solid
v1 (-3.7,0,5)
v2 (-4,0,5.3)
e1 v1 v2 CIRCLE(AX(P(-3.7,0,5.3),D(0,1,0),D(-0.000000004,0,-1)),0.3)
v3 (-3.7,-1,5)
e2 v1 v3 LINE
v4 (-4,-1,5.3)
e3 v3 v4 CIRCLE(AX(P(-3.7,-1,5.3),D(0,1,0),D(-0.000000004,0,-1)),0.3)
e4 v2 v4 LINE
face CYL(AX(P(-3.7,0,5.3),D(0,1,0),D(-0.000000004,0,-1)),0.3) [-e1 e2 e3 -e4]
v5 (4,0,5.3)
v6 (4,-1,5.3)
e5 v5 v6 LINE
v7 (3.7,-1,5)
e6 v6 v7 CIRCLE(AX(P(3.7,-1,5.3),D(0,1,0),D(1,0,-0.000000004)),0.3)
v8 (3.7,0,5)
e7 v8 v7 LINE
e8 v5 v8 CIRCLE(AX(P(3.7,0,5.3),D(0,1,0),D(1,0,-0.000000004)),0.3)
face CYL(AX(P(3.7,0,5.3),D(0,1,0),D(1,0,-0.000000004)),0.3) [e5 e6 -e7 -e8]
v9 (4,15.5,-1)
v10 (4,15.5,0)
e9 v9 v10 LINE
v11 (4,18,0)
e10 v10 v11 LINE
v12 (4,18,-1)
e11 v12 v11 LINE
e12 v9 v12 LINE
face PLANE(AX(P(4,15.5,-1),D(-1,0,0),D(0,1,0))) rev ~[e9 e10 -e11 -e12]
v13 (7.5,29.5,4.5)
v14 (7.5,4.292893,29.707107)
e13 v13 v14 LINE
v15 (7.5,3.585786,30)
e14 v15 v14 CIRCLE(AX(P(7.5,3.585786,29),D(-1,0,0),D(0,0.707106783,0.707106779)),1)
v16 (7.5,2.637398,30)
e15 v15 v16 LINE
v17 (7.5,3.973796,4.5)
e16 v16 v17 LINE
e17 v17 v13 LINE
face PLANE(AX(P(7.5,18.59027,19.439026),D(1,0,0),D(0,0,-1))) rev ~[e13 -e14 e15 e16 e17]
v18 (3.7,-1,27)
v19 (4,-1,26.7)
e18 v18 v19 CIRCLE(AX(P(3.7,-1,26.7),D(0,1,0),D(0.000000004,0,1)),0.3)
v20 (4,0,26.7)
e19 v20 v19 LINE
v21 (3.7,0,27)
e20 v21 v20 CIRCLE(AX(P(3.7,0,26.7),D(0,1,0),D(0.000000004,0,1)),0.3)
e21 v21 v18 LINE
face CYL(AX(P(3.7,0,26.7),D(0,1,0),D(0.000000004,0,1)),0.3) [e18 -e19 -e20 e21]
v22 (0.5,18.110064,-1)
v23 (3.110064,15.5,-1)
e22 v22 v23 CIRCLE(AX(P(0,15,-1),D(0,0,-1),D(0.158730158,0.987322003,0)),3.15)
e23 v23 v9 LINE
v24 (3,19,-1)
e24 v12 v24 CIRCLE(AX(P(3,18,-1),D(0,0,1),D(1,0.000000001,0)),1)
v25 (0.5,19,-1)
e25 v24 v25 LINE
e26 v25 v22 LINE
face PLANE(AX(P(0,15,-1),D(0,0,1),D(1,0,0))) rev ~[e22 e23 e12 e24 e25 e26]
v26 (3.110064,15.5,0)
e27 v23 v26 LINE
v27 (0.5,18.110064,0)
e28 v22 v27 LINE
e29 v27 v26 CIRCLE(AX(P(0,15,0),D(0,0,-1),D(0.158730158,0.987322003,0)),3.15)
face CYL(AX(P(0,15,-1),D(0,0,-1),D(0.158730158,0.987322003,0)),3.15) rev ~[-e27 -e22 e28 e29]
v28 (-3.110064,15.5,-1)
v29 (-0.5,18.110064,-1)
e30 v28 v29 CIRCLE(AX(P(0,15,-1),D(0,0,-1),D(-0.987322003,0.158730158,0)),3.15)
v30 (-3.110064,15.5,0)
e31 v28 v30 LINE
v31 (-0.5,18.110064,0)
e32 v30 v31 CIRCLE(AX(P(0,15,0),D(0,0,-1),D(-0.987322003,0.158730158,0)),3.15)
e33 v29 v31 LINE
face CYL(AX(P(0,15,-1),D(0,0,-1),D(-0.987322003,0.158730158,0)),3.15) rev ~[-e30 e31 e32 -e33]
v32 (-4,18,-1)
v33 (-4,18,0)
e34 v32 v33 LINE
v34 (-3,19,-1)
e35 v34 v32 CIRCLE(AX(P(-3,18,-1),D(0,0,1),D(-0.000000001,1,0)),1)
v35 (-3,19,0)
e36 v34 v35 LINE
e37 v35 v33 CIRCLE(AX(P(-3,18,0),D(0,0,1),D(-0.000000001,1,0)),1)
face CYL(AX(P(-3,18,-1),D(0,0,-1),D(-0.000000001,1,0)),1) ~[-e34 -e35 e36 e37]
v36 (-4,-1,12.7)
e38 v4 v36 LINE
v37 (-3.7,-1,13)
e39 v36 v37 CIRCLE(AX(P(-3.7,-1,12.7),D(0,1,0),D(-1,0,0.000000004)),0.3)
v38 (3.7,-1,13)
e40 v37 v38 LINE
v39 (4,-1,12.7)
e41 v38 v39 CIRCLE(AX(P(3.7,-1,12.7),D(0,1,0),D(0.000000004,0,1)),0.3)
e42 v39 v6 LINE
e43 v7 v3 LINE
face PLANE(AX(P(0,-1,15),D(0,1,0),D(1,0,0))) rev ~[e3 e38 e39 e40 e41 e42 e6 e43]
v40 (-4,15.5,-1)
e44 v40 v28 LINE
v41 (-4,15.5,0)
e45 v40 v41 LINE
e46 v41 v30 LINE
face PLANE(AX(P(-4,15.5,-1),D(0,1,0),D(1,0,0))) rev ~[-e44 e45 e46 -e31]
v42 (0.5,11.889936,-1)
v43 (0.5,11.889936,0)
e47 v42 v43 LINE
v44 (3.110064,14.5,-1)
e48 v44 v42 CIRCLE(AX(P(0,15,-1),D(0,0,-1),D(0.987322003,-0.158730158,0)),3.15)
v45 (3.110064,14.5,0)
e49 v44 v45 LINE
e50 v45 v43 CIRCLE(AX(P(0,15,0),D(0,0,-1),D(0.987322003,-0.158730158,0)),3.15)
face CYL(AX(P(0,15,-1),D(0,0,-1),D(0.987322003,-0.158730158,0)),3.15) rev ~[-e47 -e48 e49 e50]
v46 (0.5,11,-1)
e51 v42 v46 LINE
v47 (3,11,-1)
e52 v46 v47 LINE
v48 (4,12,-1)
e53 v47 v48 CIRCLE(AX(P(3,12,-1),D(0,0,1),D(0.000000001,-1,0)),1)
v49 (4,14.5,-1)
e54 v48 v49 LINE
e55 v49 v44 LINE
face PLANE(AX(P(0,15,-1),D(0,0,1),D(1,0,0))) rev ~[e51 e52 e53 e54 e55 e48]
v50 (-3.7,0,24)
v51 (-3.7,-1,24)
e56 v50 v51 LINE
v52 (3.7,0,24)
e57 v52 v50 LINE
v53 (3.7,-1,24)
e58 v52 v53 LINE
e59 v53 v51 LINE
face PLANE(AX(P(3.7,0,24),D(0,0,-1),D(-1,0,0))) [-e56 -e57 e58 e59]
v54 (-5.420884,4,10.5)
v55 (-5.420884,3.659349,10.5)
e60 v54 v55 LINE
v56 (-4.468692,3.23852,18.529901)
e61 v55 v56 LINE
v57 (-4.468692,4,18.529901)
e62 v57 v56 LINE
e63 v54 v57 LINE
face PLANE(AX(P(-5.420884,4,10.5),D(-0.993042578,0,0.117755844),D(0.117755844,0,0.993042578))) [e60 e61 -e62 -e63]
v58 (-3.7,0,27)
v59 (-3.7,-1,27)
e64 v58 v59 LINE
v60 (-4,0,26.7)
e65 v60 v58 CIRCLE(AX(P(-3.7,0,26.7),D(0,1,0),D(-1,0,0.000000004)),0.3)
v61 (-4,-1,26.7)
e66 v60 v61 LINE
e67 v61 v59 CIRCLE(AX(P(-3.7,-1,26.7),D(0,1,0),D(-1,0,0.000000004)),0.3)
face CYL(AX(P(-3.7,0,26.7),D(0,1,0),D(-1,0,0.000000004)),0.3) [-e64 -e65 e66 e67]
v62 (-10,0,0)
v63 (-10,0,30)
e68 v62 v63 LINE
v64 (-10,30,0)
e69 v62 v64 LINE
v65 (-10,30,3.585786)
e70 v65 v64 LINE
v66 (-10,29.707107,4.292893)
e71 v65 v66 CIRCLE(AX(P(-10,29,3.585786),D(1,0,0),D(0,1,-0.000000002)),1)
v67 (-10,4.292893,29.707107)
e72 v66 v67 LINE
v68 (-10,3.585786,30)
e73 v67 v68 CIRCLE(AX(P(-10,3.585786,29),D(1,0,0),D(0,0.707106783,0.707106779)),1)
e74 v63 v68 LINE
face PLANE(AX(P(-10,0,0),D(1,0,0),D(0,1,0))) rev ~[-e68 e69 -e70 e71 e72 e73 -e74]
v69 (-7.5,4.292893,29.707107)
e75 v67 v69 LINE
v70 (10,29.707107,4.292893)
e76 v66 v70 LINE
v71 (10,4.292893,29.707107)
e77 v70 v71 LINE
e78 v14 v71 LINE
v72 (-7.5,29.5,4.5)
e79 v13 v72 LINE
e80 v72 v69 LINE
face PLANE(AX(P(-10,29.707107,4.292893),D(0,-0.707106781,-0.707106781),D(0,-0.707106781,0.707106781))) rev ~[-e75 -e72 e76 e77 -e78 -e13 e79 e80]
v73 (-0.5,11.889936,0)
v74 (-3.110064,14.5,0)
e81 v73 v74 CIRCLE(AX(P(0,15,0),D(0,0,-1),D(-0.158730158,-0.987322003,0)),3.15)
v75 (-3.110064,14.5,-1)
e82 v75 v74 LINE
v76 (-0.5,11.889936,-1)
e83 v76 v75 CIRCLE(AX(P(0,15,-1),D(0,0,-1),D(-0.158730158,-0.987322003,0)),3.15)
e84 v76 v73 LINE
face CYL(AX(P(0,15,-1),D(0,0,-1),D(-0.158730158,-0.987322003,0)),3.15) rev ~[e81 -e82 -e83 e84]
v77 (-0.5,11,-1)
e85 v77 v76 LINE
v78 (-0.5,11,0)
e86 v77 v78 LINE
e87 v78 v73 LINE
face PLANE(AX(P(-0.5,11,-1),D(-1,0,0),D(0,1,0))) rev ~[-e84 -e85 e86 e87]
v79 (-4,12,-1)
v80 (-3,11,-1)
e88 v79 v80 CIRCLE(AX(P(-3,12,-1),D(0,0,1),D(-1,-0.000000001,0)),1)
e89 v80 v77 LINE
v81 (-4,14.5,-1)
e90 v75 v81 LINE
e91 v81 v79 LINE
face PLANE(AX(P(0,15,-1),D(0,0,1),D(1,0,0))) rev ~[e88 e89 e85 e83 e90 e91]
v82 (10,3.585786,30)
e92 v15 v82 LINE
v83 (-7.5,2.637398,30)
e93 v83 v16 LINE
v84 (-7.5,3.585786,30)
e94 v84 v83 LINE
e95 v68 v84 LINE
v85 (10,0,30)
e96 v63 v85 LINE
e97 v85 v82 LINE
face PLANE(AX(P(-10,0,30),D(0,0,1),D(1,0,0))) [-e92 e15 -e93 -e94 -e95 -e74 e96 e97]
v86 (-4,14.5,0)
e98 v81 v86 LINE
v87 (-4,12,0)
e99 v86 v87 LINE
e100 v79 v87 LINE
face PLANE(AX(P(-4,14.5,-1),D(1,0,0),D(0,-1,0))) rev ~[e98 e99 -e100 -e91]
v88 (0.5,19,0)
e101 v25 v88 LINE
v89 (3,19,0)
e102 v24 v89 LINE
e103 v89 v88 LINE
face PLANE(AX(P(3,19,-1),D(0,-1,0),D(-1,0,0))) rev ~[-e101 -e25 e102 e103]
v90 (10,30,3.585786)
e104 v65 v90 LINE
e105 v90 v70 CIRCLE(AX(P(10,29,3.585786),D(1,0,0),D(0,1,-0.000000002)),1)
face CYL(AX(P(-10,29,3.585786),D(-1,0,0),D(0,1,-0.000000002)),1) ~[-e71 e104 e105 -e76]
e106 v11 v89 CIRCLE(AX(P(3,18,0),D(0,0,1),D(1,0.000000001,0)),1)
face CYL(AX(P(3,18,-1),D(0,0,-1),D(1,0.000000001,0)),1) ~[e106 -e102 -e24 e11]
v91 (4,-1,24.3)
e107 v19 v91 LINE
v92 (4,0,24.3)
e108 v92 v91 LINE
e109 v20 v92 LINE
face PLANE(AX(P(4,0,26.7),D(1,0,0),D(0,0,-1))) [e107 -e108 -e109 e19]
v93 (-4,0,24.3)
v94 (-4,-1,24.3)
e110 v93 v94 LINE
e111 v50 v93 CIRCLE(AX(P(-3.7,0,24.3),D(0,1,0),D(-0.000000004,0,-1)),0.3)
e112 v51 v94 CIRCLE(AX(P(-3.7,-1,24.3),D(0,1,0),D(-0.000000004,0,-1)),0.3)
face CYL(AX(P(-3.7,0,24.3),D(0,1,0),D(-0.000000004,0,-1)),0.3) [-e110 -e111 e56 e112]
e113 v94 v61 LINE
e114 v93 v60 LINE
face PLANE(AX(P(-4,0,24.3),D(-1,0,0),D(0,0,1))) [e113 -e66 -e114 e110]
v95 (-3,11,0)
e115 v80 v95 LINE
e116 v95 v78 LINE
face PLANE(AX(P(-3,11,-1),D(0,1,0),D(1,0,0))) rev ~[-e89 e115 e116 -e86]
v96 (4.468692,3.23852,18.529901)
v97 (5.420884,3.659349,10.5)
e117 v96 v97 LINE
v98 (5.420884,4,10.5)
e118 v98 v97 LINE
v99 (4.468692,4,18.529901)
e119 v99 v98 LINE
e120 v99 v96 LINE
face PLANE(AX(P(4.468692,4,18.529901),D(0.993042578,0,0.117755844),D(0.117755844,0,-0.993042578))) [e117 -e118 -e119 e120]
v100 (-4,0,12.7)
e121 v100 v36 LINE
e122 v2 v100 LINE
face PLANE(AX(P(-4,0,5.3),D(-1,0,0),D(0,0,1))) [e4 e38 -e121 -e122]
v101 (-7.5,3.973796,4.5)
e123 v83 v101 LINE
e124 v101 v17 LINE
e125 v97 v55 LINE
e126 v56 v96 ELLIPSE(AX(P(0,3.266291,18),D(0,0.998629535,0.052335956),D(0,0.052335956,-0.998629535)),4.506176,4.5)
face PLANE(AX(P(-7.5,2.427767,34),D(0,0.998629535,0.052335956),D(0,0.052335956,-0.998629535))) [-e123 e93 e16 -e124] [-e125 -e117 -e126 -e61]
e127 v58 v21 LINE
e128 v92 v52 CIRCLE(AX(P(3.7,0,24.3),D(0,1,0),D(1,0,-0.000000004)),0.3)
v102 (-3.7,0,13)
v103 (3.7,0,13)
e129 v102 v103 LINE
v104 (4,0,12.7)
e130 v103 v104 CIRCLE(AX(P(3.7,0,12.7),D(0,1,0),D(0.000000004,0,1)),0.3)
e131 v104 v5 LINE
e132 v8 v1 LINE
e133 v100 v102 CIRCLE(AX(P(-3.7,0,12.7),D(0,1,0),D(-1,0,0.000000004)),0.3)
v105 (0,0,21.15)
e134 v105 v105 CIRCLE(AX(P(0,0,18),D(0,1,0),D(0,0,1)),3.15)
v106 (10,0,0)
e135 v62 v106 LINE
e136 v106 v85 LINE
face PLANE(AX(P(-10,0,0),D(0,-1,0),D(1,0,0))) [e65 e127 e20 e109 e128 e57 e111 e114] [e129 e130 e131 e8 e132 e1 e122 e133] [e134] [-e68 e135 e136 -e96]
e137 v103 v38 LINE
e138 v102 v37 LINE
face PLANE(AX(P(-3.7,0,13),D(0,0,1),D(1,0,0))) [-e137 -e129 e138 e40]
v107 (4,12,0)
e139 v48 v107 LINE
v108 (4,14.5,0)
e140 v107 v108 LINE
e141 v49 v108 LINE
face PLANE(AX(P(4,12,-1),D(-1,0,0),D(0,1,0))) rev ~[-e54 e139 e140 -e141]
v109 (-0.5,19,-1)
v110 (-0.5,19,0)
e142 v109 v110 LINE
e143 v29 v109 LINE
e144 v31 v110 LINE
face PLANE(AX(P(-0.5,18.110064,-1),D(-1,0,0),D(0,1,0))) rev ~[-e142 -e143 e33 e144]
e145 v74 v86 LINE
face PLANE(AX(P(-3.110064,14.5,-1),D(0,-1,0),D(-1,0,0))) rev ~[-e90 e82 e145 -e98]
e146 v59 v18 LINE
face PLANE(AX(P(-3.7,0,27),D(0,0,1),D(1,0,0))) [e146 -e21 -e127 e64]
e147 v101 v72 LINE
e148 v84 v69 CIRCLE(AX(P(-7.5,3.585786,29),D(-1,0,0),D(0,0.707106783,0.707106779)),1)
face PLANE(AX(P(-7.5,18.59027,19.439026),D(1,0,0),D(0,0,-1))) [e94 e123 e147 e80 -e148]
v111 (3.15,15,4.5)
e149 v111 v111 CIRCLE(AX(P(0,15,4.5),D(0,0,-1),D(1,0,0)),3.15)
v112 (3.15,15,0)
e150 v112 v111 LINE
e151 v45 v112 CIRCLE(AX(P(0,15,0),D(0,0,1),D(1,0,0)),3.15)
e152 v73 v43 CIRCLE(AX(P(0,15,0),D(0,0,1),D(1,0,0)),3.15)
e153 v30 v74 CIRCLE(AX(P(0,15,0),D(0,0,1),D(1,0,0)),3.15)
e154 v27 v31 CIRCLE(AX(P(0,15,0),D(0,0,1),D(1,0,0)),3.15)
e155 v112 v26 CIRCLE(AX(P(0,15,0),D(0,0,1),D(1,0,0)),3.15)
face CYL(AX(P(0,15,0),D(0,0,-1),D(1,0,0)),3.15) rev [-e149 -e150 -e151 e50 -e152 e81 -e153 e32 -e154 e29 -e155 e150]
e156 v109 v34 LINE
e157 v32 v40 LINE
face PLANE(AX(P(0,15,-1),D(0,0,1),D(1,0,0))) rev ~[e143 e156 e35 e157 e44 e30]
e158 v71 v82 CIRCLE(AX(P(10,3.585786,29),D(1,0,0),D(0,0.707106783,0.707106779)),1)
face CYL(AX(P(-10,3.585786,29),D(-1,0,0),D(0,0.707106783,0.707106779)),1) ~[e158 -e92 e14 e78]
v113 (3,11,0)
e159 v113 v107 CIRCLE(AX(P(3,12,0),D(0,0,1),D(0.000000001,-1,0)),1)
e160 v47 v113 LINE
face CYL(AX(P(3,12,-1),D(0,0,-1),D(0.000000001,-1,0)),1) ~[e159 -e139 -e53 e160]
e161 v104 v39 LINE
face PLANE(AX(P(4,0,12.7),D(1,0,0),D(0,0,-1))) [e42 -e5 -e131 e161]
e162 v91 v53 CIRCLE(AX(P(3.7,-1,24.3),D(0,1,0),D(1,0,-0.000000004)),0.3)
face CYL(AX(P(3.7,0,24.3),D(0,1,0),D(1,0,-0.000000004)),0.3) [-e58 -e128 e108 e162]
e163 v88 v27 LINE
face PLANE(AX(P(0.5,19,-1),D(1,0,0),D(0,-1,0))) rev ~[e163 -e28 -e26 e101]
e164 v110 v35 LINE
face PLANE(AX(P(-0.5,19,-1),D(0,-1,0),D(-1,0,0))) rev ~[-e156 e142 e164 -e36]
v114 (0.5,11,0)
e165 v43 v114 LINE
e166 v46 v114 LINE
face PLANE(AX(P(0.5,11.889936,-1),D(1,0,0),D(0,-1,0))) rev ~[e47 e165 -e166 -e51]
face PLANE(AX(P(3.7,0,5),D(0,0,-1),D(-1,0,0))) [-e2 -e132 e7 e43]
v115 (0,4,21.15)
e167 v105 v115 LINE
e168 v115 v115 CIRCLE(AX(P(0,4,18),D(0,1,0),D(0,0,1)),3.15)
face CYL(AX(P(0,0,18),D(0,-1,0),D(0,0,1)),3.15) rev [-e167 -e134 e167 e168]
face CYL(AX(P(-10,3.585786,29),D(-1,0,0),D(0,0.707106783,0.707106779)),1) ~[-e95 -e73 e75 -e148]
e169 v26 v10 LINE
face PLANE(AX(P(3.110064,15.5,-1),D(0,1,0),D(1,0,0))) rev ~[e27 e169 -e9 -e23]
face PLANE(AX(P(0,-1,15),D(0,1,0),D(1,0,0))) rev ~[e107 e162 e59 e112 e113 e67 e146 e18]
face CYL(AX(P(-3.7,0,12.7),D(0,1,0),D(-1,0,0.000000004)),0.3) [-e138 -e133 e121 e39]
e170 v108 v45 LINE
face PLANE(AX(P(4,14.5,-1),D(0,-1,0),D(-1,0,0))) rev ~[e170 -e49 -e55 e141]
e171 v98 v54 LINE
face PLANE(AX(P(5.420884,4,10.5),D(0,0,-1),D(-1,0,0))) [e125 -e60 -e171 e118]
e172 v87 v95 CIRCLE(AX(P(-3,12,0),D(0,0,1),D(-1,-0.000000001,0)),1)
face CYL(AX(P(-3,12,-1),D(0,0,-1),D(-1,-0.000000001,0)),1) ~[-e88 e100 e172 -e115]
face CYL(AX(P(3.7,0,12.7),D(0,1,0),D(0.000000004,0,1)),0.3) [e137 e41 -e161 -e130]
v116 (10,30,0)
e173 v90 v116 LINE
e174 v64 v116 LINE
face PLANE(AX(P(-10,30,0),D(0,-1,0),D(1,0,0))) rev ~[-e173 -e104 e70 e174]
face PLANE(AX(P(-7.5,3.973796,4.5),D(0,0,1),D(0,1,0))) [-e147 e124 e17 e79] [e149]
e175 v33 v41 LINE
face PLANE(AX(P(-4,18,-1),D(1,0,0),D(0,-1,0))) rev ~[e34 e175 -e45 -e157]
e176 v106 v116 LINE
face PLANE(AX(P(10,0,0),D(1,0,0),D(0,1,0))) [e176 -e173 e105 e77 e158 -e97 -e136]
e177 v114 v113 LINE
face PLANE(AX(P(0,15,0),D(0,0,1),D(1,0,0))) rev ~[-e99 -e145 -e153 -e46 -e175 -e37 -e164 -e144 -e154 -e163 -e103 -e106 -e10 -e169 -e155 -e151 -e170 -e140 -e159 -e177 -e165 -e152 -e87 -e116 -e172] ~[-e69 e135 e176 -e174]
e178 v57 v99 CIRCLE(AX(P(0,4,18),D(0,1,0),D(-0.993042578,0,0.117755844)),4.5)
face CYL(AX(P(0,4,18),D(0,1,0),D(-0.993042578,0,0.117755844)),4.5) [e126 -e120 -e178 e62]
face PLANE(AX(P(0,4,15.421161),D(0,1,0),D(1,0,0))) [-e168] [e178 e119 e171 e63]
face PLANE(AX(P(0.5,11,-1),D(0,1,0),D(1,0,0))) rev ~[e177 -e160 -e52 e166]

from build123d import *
from build123d.topology import SkipClean

# Parameters (mm, degrees)
BOSS_EXTRUDE1_DEPTH      = 10
BOSS_EXTRUDE1_DEPTH_BACK = 10
CUT_EXTRUDE1_DEPTH       = 7.5
CUT_EXTRUDE1_DEPTH_BACK  = 7.5
BOSS_EXTRUDE2_DEPTH      = 2
SKETCH4_R                = 3.15
CUT_EXTRUDE2_DEPTH       = 5
SKETCH5_R                = 3.15
CUT_EXTRUDE3_DEPTH       = 4
SKETCH6_W                = 20
SKETCH6_H                = 30
BOSS_EXTRUDE3_DEPTH      = 1
SKETCH7_W                = 20
SKETCH7_H                = 30
CUT_EXTRUDE4_DEPTH       = 1
SKETCH8_W                = 20
SKETCH8_H                = 30
BOSS_EXTRUDE4_DEPTH      = 1
CUT_EXTRUDE5_START       = -1
SKETCH9_W                = 20
SKETCH9_H                = 30
CUT_EXTRUDE5_DEPTH       = 1


with BuildPart() as part:
    # Sketch1 → Boss-Extrude1 (new, two sides: drawn at the far end of the back side and taken through both)
    with BuildSketch(Plane(origin=(0, 0, 0), x_dir=(0, 0, -1), z_dir=(1, 0, 0)).offset(-BOSS_EXTRUDE1_DEPTH_BACK)):
        with BuildLine():
            Line((-30, 0), (0, 0))
            Line((0, 0), (0, 30))
            Line((0, 30), (-3.585786438, 30))
            ThreePointArc((-3.585786438, 30), (-3.96846987, 29.923879533), (-4.292893219, 29.707106781))
            Line((-4.292893219, 29.707106781), (-29.707106781, 4.292893219))
            ThreePointArc((-29.707106781, 4.292893219), (-29.923879533, 3.96846987), (-30, 3.585786438))
            Line((-30, 3.585786438), (-30, 0))
        make_face()
    extrude(amount=BOSS_EXTRUDE1_DEPTH + BOSS_EXTRUDE1_DEPTH_BACK)

    # Sketch2 → Cut-Extrude1 (cut, two sides: drawn at the far end of the back side and taken through both)
    with BuildSketch(Plane(origin=(0, 0, 0), x_dir=(0, 0, -1), z_dir=(1, 0, 0)).offset(-CUT_EXTRUDE1_DEPTH_BACK)):
        Polygon((-34, 2.427766622), (-4.5, 3.97379611), (-4.5, 34), (-34, 34), align=None)
    extrude(amount=CUT_EXTRUDE1_DEPTH + CUT_EXTRUDE1_DEPTH_BACK, mode=Mode.SUBTRACT)

    # Sketch3 → Boss-Extrude2 (add)
    with BuildSketch(Plane(origin=(0, 4, 0), x_dir=(1, 0, 0), z_dir=(0, 1, 0))):
        with BuildLine():
            Line((-5.420884207, -10.5), (-4.4686916, -18.529901296))
            ThreePointArc((-4.4686916, -18.529901296), (0, -22.5), (4.4686916, -18.529901296))
            Line((4.4686916, -18.529901296), (5.420884207, -10.5))
            Line((5.420884207, -10.5), (-5.420884207, -10.5))
        make_face()
    extrude(amount=-BOSS_EXTRUDE2_DEPTH)

    # Sketch4 → Cut-Extrude2 (cut)
    with BuildSketch(Plane.XY):
        with Locations((0, 15)):
            Circle(SKETCH4_R)
    extrude(amount=CUT_EXTRUDE2_DEPTH, mode=Mode.SUBTRACT)

    # Sketch5 → Cut-Extrude3 (cut)
    with BuildSketch(Plane(origin=(0, 0, 0), x_dir=(1, 0, 0), z_dir=(0, 1, 0))):
        with Locations(Location((0, -18, 0), (0, 0, 270))):
            Circle(SKETCH5_R)
    extrude(amount=CUT_EXTRUDE3_DEPTH, mode=Mode.SUBTRACT)

    # Sketch6 → Boss-Extrude3 (add)
    with BuildSketch(Plane(origin=(0, 0, 0), x_dir=(1, 0, 0), z_dir=(0, 1, 0))):
        with Locations((0, -15)):
            Rectangle(SKETCH6_W, SKETCH6_H)
    extrude(amount=-BOSS_EXTRUDE3_DEPTH)

    # Sketch7 → Cut-Extrude4 (cut)
    with BuildSketch(Plane(origin=(0, 0, 0), x_dir=(1, 0, 0), z_dir=(0, 1, 0))):
        with Locations((0, -15)):
            Rectangle(SKETCH7_W, SKETCH7_H)
        with BuildLine():
            Line((-3.7, -13), (3.7, -13))
            ThreePointArc((3.7, -13), (3.912132034, -12.912132034), (4, -12.7))
            Line((4, -12.7), (4, -5.3))
            ThreePointArc((4, -5.3), (3.912132034, -5.087867966), (3.7, -5))
            Line((3.7, -5), (-3.7, -5))
            ThreePointArc((-3.7, -5), (-3.912132034, -5.087867966), (-4, -5.3))
            Line((-4, -5.3), (-4, -12.7))
            ThreePointArc((-4, -12.7), (-3.912132034, -12.912132034), (-3.7, -13))
        make_face(mode=Mode.SUBTRACT)
        with BuildLine():
            Line((-3.7, -27), (3.7, -27))
            ThreePointArc((3.7, -27), (3.912132034, -26.912132034), (4, -26.7))
            Line((4, -26.7), (4, -24.3))
            ThreePointArc((4, -24.3), (3.912132034, -24.087867966), (3.7, -24))
            Line((3.7, -24), (-3.7, -24))
            ThreePointArc((-3.7, -24), (-3.912132034, -24.087867966), (-4, -24.3))
            Line((-4, -24.3), (-4, -26.7))
            ThreePointArc((-4, -26.7), (-3.912132034, -26.912132034), (-3.7, -27))
        make_face(mode=Mode.SUBTRACT)
    extrude(amount=-CUT_EXTRUDE4_DEPTH, mode=Mode.SUBTRACT)

    # Sketch8 → Boss-Extrude4 (add)
    with BuildSketch(Plane.XY):
        with Locations((0, 15)):
            Rectangle(SKETCH8_W, SKETCH8_H)
    extrude(amount=-BOSS_EXTRUDE4_DEPTH)

    # Sketch9 → Cut-Extrude5 (cut)
    with SkipClean():  # the faces are left unmerged after this step: merging them gives an invalid solid
        with BuildSketch(Plane.XY.offset(CUT_EXTRUDE5_START)):
            with Locations((0, 15)):
                Rectangle(SKETCH9_W, SKETCH9_H)
            with BuildLine():
                Line((0.5, 11), (3, 11))
                ThreePointArc((3, 11), (3.707106781, 11.292893219), (4, 12))
                Line((4, 12), (4, 14.5))
                Line((4, 14.5), (3.110064308, 14.5))
                ThreePointArc((3.110064308, 14.5), (2.227386361, 12.772613639), (0.5, 11.889935692))
                Line((0.5, 11.889935692), (0.5, 11))
            make_face(mode=Mode.SUBTRACT)
            with BuildLine():
                Line((0.5, 19), (0.5, 18.110064308))
                ThreePointArc((0.5, 18.110064308), (2.227386361, 17.227386361), (3.110064308, 15.5))
                Line((3.110064308, 15.5), (4, 15.5))
                Line((4, 15.5), (4, 18))
                ThreePointArc((4, 18), (3.707106781, 18.707106781), (3, 19))
                Line((3, 19), (0.5, 19))
            make_face(mode=Mode.SUBTRACT)
            with BuildLine():
                Line((-3, 11), (-0.5, 11))
                Line((-0.5, 11), (-0.5, 11.889935692))
                ThreePointArc((-0.5, 11.889935692), (-2.227386361, 12.772613639), (-3.110064308, 14.5))
                Line((-3.110064308, 14.5), (-4, 14.5))
                Line((-4, 14.5), (-4, 12))
                ThreePointArc((-4, 12), (-3.707106781, 11.292893219), (-3, 11))
            make_face(mode=Mode.SUBTRACT)
            with BuildLine():
                Line((-4, 15.5), (-3.110064308, 15.5))
                ThreePointArc((-3.110064308, 15.5), (-2.227386361, 17.227386361), (-0.5, 18.110064308))
                Line((-0.5, 18.110064308), (-0.5, 19))
                Line((-0.5, 19), (-3, 19))
                ThreePointArc((-3, 19), (-3.707106781, 18.707106781), (-4, 18))
                Line((-4, 18), (-4, 15.5))
            make_face(mode=Mode.SUBTRACT)
        extrude(amount=CUT_EXTRUDE5_DEPTH, mode=Mode.SUBTRACT)


solid = part.part
